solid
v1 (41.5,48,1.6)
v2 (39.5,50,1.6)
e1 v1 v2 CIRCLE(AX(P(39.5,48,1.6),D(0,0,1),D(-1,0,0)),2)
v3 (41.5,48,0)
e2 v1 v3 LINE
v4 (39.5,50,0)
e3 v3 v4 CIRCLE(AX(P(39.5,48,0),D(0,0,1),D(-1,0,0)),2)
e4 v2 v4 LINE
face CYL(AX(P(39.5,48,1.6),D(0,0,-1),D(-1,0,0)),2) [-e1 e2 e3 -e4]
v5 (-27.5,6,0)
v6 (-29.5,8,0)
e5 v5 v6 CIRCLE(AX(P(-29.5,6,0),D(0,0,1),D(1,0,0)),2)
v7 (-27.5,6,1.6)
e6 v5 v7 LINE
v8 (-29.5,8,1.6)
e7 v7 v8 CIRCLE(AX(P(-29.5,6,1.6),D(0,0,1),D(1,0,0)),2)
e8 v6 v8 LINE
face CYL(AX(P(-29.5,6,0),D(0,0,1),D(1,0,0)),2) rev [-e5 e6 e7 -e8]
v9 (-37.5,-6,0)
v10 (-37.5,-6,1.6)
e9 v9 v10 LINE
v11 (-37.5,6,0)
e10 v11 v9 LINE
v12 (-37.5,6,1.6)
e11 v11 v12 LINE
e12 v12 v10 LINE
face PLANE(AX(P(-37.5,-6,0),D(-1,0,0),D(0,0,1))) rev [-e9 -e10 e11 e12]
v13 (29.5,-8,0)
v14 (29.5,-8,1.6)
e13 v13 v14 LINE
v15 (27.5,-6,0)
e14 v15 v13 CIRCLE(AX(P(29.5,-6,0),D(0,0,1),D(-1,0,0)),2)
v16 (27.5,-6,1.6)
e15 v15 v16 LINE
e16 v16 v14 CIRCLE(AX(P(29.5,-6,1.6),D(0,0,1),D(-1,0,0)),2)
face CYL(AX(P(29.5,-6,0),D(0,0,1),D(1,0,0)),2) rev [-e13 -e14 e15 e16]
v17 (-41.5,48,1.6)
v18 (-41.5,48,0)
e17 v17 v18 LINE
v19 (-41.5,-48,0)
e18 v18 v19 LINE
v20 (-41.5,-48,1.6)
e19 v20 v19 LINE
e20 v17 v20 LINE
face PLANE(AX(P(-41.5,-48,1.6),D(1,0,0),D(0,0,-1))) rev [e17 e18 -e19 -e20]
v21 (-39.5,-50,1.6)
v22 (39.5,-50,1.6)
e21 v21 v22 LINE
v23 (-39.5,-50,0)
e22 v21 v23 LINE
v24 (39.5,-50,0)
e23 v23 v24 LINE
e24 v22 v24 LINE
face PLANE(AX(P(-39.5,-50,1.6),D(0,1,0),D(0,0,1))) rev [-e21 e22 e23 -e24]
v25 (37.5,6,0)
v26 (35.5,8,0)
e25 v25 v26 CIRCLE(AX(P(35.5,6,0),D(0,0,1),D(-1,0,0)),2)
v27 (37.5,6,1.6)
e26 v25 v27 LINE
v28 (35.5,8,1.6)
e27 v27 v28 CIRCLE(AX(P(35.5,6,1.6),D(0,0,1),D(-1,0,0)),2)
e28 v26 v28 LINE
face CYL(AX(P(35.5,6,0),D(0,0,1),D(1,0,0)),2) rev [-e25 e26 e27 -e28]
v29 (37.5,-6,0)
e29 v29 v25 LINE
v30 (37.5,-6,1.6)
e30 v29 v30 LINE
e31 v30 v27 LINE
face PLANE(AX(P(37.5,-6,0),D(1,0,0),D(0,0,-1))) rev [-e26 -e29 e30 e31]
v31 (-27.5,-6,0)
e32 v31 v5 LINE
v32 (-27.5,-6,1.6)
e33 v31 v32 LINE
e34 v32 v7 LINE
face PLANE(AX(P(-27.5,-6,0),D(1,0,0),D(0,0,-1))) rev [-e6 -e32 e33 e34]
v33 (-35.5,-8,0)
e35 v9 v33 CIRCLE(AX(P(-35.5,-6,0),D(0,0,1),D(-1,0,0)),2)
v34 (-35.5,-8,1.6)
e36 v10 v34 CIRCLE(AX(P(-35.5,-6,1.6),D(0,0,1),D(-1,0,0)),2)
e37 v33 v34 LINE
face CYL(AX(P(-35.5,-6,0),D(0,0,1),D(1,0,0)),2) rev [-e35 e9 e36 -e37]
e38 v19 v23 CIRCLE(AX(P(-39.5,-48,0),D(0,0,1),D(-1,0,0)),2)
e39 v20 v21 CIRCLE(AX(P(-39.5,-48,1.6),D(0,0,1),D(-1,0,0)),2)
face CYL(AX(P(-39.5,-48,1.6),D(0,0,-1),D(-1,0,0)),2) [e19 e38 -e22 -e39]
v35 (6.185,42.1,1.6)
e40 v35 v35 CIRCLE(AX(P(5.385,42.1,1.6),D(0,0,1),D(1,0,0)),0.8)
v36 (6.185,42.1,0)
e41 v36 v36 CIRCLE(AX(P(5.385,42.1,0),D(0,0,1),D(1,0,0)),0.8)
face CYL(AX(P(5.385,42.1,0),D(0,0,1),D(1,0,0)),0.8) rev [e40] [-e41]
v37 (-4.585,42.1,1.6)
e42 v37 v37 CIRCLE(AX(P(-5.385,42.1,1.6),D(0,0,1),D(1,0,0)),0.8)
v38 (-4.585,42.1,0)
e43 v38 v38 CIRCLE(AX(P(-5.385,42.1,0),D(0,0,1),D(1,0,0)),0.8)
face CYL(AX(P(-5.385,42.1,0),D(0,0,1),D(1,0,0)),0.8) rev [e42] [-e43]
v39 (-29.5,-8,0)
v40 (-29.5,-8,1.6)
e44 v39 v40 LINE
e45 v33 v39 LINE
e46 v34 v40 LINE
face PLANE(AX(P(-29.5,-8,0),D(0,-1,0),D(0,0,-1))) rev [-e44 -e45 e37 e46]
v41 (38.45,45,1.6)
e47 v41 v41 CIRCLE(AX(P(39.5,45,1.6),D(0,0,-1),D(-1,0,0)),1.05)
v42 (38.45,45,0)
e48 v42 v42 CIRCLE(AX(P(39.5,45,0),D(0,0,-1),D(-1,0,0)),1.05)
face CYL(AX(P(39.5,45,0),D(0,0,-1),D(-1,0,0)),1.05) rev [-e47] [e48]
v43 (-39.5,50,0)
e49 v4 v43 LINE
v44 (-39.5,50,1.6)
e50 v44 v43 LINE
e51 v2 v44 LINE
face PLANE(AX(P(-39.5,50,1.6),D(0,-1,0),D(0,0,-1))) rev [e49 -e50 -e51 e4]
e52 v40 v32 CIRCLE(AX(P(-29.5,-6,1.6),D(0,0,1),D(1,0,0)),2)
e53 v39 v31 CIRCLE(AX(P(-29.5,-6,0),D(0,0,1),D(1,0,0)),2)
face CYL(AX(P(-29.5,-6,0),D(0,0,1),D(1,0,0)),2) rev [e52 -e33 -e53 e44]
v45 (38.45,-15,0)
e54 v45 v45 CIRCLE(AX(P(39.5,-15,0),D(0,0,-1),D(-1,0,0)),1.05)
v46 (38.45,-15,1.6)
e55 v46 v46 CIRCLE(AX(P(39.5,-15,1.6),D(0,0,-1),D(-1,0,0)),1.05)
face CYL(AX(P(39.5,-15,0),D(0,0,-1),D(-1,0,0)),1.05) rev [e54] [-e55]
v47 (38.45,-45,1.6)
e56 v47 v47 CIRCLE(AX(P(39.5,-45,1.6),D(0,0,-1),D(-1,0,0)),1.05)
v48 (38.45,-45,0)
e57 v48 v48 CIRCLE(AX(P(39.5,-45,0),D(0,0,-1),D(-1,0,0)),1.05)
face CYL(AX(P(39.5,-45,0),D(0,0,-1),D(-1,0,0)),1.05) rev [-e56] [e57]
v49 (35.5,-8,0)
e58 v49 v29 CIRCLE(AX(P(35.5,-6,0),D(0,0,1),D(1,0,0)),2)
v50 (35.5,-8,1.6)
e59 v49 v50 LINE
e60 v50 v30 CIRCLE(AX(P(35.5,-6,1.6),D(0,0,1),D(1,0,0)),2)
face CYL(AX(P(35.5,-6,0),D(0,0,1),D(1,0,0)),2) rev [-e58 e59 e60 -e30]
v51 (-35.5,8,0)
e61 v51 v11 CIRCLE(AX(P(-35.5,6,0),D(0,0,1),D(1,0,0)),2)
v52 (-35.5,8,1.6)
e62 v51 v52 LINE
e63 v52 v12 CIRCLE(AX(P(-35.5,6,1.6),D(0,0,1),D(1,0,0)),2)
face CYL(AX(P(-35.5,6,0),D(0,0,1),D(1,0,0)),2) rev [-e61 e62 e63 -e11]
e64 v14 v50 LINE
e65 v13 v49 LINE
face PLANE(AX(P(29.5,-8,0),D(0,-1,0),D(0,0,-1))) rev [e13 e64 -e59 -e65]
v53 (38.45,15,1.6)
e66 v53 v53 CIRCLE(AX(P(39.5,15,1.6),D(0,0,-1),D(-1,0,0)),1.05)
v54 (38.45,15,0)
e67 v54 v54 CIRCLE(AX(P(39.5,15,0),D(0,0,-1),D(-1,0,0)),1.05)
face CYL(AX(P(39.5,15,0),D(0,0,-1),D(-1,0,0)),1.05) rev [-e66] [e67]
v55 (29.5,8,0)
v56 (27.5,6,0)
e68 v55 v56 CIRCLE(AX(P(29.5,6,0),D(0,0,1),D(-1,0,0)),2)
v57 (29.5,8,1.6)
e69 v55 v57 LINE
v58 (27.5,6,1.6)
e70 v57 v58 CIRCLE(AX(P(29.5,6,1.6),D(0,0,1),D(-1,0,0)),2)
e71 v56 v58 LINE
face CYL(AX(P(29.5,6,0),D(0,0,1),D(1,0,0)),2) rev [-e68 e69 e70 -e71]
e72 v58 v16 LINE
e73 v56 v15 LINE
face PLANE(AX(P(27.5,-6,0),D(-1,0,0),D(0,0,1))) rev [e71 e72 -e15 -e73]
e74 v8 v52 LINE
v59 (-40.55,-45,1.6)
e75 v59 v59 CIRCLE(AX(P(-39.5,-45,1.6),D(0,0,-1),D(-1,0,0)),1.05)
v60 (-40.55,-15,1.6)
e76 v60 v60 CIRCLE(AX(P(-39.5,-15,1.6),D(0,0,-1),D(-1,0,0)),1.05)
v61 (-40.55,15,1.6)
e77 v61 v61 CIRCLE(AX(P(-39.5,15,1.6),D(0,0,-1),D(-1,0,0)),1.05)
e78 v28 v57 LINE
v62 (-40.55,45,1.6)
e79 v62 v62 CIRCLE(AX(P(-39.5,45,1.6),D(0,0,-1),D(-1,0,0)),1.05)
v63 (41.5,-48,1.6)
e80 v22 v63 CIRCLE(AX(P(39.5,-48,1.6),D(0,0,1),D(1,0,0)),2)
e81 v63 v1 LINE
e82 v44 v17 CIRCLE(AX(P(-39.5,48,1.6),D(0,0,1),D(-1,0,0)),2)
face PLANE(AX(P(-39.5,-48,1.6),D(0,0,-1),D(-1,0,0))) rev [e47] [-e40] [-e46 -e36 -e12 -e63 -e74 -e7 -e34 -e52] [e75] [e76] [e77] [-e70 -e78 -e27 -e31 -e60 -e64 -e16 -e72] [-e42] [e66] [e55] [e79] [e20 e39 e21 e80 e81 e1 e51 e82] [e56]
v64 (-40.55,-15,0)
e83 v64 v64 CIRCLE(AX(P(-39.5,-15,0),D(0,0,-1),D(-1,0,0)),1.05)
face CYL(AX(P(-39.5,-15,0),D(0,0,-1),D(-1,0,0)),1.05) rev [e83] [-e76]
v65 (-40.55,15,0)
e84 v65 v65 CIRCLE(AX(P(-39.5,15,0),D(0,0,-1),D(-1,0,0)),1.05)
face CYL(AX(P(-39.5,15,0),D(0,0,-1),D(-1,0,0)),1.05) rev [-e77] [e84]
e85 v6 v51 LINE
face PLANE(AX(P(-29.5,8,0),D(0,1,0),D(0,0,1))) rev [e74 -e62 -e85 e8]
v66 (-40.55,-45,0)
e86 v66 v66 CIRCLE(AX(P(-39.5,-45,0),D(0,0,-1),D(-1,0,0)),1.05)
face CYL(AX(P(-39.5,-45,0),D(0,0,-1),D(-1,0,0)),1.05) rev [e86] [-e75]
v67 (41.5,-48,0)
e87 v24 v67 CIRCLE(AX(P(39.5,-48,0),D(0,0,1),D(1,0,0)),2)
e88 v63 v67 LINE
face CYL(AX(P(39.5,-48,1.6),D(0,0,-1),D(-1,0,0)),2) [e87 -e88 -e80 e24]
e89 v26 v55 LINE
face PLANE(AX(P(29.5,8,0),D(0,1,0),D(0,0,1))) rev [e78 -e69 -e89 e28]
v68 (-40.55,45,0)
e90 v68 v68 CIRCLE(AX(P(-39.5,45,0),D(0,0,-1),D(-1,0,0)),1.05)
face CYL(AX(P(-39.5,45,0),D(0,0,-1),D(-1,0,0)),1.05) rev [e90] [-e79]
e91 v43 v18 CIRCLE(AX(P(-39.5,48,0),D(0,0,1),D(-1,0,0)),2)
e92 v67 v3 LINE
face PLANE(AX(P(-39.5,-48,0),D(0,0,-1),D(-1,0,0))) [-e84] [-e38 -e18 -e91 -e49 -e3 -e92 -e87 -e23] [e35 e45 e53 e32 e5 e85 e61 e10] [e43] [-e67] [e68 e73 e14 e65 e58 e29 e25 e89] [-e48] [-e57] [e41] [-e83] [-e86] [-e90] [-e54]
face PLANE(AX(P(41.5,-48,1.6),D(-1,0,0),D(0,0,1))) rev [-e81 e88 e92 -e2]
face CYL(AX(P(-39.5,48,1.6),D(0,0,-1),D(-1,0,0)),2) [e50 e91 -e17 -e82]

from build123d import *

# Parameters (mm, degrees)
BOARDOUTLINE_DEPTH   = 1.6
SKETCH2_R            = 0.8
COMPONENTHOLES_DEPTH = 65.998538445
WINDOWS_1SIDE_DEPTH  = 65.998538445
M2_CLEARANCE_HOLE1_D = 2.1


with BuildPart() as part:
    # Sketch1 → boardOutline (new body)
    with BuildSketch(Plane.XY):
        with BuildLine():
            Line((-39.5, -50), (39.5, -50))
            ThreePointArc((39.5, -50), (40.914213562, -49.414213562), (41.5, -48))
            Line((41.5, -48), (41.5, 48))
            ThreePointArc((41.5, 48), (40.914213562, 49.414213562), (39.5, 50))
            Line((39.5, 50), (-39.5, 50))
            ThreePointArc((-39.5, 50), (-40.914213562, 49.414213562), (-41.5, 48))
            Line((-41.5, 48), (-41.5, -48))
            ThreePointArc((-41.5, -48), (-40.914213562, -49.414213562), (-39.5, -50))
        make_face()
    extrude(amount=BOARDOUTLINE_DEPTH)

    # Sketch2 → componentHoles (cut, through all)
    with BuildSketch(Plane.XY.offset(1.6)):
        with Locations((-5.385, 42.1)):
            Circle(SKETCH2_R)
        with Locations((5.385, 42.1)):
            Circle(SKETCH2_R)
    extrude(amount=-COMPONENTHOLES_DEPTH, mode=Mode.SUBTRACT)

    # Sketch3 → windows_1side (cut, through all)
    with BuildSketch(Plane.XY.offset(1.6)):
        with BuildLine():
            Line((37.5, -6), (37.5, 6))
            ThreePointArc((37.5, 6), (36.914213562, 7.414213562), (35.5, 8))
            Line((35.5, 8), (29.5, 8))
            ThreePointArc((29.5, 8), (28.085786438, 7.414213562), (27.5, 6))
            Line((27.5, 6), (27.5, -6))
            ThreePointArc((27.5, -6), (28.085786438, -7.414213562), (29.5, -8))
            Line((29.5, -8), (35.5, -8))
            ThreePointArc((35.5, -8), (36.914213562, -7.414213562), (37.5, -6))
        make_face()
        with BuildLine():
            Line((-29.5, -8), (-35.5, -8))
            ThreePointArc((-35.5, -8), (-36.914213562, -7.414213562), (-37.5, -6))
            Line((-37.5, -6), (-37.5, 6))
            ThreePointArc((-37.5, 6), (-36.914213562, 7.414213562), (-35.5, 8))
            Line((-35.5, 8), (-29.5, 8))
            ThreePointArc((-29.5, 8), (-28.085786438, 7.414213562), (-27.5, 6))
            Line((-27.5, 6), (-27.5, -6))
            ThreePointArc((-27.5, -6), (-28.085786438, -7.414213562), (-29.5, -8))
        make_face()
    extrude(amount=-WINDOWS_1SIDE_DEPTH, mode=Mode.SUBTRACT)

    # M2 Clearance Hole1 (through all)
    with Locations(Plane(origin=(0, 0, 0), x_dir=(-1, 0, 0), z_dir=(0, 0, -1))):
        with Locations((39.5, 45), (39.5, -15), (39.5, -45), (39.5, 15)):
            m2_clearance_hole1 = Hole(M2_CLEARANCE_HOLE1_D / 2)

    # Mirror1: M2 Clearance Hole1 across plane
    add(m2_clearance_hole1.mirror(Plane(origin=(0, 0, 0), x_dir=(0, 0, 1), z_dir=(1, 0, 0))), mode=Mode.SUBTRACT)


solid = part.part
